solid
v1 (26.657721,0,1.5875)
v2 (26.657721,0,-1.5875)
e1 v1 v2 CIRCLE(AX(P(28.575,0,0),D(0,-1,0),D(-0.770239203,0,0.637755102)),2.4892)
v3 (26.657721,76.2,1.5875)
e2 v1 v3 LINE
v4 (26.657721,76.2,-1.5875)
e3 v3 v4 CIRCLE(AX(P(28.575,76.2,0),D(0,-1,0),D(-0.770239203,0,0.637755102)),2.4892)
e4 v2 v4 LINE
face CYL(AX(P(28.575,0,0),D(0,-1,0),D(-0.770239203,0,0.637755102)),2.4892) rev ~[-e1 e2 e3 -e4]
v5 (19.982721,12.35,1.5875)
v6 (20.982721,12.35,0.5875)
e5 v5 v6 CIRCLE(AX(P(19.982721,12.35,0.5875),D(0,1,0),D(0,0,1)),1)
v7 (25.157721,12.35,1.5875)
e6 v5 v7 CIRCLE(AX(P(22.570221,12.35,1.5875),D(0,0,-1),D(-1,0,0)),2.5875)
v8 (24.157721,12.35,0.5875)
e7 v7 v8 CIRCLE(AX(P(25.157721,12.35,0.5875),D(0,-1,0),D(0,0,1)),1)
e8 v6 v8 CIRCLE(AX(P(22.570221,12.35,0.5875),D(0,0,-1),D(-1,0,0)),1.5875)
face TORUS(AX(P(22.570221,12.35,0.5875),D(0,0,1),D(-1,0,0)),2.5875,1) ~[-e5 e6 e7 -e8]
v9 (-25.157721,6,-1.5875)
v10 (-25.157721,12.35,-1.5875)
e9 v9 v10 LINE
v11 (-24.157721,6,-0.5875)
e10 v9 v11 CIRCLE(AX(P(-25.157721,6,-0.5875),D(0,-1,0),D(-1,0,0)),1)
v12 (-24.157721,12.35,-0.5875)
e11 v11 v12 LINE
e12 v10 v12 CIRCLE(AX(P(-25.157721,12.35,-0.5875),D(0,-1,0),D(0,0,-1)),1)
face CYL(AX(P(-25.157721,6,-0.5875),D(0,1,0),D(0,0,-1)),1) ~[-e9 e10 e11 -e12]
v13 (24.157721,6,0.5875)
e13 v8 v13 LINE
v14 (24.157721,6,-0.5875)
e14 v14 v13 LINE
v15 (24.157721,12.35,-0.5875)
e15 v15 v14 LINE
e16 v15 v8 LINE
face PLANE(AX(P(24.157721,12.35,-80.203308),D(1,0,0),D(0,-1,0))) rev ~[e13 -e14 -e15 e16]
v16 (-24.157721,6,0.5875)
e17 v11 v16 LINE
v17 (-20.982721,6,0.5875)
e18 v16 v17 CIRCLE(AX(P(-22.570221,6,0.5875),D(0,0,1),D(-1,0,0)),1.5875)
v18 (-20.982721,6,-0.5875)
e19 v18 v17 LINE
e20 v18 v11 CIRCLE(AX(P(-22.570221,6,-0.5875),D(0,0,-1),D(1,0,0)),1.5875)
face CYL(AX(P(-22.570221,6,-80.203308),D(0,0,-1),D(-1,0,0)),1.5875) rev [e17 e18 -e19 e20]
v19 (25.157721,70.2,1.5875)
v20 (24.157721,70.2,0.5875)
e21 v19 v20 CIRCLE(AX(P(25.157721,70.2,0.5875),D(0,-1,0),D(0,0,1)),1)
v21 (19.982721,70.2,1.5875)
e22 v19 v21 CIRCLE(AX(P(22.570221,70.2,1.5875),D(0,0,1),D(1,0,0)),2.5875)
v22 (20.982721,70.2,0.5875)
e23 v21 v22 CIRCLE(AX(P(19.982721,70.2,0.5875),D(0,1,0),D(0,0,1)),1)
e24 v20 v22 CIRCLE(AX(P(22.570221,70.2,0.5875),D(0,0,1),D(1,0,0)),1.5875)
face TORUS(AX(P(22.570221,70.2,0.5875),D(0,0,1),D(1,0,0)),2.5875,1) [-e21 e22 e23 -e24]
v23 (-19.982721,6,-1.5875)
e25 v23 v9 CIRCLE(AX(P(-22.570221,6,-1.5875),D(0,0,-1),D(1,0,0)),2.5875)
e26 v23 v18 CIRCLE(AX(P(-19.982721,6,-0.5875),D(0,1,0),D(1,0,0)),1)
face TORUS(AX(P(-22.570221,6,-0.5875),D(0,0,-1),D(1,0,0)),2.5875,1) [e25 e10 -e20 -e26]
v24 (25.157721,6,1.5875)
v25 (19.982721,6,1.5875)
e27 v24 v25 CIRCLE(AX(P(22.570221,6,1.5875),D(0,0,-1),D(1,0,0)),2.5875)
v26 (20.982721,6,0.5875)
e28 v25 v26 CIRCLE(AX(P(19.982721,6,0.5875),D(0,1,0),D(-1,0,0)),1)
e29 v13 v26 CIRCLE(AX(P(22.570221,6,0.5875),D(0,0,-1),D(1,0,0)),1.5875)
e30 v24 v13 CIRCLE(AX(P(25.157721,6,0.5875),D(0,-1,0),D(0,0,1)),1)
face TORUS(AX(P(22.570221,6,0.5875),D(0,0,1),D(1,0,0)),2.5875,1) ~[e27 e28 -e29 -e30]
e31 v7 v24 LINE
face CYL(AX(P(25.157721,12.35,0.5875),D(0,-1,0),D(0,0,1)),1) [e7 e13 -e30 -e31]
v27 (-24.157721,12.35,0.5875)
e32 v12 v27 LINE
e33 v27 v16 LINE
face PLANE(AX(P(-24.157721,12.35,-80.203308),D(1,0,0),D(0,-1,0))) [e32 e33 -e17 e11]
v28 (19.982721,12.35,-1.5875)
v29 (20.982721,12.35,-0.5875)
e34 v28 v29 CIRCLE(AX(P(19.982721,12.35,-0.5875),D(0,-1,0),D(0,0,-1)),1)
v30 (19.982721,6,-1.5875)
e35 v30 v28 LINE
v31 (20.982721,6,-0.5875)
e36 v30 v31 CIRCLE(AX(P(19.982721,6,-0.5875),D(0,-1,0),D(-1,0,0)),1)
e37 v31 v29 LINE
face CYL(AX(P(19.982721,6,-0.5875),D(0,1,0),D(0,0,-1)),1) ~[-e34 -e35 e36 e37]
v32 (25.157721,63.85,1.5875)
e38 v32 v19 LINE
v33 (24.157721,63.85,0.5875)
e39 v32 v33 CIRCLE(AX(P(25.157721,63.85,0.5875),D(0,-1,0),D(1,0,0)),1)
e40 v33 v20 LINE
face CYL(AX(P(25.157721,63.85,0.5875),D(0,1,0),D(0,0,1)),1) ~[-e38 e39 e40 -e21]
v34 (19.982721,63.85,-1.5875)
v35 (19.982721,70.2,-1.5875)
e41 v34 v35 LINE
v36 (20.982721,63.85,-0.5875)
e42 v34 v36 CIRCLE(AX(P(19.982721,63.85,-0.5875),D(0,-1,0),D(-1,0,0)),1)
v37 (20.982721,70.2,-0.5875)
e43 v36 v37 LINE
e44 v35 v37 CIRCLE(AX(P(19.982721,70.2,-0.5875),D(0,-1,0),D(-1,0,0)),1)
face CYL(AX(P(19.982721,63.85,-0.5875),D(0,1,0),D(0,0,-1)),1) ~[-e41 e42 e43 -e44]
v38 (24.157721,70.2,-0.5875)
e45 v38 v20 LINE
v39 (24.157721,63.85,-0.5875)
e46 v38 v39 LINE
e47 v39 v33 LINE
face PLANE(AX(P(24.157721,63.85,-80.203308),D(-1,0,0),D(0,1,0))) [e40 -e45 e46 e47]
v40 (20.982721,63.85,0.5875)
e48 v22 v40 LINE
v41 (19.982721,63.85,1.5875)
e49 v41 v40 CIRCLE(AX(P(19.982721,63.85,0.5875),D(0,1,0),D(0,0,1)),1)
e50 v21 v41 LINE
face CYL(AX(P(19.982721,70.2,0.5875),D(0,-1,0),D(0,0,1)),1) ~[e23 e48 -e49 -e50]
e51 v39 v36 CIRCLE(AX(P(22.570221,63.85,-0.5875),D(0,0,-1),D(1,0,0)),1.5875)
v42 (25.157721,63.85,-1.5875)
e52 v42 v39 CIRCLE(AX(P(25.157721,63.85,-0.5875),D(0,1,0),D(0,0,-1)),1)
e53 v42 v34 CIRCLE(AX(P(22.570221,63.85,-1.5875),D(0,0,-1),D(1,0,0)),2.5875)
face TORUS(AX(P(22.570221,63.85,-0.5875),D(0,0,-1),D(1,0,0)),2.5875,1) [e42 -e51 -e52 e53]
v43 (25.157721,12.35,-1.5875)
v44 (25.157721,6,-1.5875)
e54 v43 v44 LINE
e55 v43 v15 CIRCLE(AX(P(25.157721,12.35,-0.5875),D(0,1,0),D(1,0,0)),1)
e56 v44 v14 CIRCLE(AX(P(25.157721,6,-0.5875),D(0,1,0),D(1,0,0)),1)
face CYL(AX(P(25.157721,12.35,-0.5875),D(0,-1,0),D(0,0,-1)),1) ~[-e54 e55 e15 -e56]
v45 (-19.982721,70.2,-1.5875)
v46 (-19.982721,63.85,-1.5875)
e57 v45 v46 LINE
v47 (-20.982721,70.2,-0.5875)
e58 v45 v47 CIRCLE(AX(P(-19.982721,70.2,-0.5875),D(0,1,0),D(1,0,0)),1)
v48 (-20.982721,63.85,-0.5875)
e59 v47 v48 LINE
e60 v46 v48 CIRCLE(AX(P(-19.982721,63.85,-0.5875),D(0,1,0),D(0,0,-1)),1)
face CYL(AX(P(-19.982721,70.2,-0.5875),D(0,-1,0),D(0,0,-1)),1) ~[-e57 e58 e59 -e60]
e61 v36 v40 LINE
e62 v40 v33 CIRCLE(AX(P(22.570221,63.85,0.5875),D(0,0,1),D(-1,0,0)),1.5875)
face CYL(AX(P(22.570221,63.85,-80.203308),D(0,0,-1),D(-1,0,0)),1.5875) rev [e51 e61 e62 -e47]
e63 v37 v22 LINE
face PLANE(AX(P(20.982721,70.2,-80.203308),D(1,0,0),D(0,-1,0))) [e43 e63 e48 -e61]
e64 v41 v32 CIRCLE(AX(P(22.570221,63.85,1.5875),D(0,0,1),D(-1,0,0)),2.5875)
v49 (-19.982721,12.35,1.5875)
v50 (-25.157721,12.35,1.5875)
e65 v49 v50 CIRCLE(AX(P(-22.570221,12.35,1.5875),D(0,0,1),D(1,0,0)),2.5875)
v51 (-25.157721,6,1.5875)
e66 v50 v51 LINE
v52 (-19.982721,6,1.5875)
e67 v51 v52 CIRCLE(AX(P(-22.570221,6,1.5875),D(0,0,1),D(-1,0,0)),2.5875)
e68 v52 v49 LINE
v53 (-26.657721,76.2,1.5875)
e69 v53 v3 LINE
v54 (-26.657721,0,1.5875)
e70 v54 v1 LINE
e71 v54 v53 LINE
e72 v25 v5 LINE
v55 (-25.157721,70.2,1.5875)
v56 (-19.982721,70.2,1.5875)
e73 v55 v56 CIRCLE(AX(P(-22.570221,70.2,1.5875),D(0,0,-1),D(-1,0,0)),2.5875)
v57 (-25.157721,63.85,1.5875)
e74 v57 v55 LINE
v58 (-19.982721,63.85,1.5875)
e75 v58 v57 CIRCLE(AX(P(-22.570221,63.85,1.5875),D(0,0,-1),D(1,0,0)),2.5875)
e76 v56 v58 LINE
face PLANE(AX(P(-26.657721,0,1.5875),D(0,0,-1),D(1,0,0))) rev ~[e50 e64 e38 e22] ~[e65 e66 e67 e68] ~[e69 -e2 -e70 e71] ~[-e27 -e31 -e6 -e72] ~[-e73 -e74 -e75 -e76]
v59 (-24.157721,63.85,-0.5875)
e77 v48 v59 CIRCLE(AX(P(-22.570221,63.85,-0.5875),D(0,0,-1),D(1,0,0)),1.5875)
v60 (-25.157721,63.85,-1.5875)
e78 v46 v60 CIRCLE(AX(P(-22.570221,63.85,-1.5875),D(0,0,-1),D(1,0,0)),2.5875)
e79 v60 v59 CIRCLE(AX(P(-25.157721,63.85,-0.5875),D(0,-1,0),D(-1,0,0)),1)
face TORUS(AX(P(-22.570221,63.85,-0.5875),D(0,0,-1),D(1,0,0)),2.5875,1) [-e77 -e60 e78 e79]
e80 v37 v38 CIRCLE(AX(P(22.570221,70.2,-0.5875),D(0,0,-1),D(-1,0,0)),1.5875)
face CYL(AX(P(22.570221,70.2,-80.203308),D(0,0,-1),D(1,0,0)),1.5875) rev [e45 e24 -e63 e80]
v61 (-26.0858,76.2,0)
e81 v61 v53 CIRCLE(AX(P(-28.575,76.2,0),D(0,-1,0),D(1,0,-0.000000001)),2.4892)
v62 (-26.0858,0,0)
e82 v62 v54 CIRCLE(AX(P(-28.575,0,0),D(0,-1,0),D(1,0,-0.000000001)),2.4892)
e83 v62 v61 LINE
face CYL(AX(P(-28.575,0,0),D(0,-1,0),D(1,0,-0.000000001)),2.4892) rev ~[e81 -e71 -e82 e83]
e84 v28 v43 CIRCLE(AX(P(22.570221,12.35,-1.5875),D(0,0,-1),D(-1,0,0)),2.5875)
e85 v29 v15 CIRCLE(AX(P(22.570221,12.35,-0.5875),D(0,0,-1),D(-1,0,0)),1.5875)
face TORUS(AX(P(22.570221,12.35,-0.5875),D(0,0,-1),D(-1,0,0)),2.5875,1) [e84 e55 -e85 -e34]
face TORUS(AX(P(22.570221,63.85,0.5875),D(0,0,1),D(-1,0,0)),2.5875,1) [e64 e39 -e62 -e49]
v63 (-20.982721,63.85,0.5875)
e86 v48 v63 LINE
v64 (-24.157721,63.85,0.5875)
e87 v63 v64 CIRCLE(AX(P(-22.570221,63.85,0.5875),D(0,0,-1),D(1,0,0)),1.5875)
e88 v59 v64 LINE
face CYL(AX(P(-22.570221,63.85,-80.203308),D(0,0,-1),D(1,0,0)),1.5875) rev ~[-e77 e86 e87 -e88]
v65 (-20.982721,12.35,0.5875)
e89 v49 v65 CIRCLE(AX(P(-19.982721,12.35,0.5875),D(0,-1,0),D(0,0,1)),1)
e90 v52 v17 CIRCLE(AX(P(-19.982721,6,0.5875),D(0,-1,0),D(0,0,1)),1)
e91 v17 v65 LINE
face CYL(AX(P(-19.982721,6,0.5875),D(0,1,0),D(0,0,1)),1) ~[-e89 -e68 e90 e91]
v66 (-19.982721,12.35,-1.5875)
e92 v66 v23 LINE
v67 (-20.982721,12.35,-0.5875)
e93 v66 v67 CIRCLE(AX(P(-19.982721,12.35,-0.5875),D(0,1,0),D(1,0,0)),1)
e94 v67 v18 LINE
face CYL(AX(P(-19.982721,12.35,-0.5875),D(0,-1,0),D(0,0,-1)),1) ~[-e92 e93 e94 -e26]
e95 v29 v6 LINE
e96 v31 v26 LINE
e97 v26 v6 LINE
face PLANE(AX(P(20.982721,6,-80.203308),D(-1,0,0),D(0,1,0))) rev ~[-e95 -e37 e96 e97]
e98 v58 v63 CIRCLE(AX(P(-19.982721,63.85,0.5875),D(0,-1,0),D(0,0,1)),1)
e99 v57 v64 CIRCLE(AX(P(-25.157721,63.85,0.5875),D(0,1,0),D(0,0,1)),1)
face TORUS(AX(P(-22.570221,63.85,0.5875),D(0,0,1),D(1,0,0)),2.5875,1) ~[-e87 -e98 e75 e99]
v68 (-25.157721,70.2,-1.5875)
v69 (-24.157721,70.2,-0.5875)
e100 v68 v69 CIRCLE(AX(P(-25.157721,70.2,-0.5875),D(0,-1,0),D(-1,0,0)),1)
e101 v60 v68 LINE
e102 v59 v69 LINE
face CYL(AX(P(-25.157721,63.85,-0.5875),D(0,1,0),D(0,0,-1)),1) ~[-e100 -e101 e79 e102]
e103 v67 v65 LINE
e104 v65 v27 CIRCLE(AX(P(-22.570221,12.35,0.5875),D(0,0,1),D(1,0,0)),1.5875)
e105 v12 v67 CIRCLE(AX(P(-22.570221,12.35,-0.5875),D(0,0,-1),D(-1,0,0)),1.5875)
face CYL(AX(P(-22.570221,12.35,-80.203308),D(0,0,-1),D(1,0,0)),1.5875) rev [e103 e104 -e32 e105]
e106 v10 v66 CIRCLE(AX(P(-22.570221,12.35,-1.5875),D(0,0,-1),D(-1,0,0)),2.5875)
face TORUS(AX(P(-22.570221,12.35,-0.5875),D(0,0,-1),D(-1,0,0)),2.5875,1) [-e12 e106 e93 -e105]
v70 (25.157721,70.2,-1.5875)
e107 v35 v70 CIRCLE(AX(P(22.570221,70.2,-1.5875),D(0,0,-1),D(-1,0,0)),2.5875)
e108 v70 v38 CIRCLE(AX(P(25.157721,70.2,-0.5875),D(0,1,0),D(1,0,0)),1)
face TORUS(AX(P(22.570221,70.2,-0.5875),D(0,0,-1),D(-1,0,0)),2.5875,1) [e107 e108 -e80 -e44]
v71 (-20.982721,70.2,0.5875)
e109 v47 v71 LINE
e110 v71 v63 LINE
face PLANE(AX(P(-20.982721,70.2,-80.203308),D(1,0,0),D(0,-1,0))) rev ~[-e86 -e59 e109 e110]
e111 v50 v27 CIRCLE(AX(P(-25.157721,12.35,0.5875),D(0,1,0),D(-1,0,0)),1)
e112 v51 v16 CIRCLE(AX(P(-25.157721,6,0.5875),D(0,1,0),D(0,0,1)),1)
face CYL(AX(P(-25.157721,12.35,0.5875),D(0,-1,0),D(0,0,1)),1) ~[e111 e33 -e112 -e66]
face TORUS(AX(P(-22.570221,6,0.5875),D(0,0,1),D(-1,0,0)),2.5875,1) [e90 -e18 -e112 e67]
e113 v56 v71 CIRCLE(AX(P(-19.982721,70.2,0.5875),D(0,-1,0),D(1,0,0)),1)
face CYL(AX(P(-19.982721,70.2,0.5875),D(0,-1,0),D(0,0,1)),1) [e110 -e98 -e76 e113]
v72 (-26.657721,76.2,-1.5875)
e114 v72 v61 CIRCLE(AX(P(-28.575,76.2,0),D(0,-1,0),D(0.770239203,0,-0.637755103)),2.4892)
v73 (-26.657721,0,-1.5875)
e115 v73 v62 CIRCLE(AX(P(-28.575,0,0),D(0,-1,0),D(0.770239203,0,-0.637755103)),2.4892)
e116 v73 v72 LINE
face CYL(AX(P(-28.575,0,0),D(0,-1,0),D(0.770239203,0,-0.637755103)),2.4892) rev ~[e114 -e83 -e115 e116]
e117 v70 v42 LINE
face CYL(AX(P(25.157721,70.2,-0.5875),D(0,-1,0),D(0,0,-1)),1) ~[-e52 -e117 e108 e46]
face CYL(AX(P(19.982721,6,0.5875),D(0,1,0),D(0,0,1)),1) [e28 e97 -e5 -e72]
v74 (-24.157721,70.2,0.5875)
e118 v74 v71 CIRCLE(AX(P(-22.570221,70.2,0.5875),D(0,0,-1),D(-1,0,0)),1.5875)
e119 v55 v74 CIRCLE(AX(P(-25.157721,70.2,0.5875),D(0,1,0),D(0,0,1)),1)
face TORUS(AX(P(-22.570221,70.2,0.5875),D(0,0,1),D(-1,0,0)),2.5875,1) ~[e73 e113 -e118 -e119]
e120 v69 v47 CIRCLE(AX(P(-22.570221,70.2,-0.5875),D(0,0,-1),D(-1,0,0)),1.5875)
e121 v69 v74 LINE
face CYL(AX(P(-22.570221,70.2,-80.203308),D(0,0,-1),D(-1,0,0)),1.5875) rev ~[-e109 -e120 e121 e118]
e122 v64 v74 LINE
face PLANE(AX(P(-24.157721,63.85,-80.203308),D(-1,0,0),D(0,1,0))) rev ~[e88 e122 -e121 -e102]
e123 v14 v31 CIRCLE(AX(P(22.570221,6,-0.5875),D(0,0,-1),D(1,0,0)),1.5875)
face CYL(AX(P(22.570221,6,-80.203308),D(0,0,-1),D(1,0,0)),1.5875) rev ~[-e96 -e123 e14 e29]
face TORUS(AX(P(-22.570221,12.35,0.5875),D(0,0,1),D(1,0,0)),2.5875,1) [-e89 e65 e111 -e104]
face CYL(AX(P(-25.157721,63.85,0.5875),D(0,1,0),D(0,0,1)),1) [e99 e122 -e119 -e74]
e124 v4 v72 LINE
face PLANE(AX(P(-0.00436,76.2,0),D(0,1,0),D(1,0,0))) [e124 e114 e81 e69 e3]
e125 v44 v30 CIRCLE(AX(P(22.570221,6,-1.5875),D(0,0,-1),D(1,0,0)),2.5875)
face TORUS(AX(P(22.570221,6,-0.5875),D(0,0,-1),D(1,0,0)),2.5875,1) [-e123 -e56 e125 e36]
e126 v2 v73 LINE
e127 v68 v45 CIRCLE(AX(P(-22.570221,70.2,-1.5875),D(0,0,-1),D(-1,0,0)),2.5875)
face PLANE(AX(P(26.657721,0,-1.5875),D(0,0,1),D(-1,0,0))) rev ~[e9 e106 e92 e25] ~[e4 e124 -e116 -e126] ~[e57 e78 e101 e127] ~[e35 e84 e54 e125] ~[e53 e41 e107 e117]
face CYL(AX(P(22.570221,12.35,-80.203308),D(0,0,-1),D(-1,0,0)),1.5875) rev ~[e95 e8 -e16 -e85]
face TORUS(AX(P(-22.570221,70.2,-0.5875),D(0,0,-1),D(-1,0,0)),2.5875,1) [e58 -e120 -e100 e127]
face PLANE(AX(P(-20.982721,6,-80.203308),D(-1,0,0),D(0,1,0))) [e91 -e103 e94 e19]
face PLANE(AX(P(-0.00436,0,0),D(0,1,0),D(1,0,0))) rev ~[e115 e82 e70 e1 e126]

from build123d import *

# Parameters (mm, degrees)
BOSS_EXTRUDE1_DEPTH     = 76.2
CUT_EXTRUDE1_DEPTH      = 81.79080821
CUT_EXTRUDE1_DEPTH_BACK = 81.79080821
FILLET1_R               = 1


with BuildPart() as part:
    # Sketch1 → Boss-Extrude1 (new body)
    with BuildSketch(Plane(origin=(0, 0, 0), x_dir=(1, 0, 0), z_dir=(0, 1, 0))):
        with BuildLine():
            ThreePointArc((-26.0858, 0), (-26.233140847, -0.843689723), (-26.657720576, -1.5875))
            Line((-26.657720576, -1.5875), (26.657720576, -1.5875))
            ThreePointArc((26.657720576, -1.5875), (26.0858, 0), (26.657720576, 1.5875))
            Line((26.657720576, 1.5875), (-26.657720576, 1.5875))
            ThreePointArc((-26.657720576, 1.5875), (-26.233140847, 0.843689723), (-26.0858, 0))
        make_face()
    extrude(amount=BOSS_EXTRUDE1_DEPTH)

    # Sketch2 → Cut-Extrude1 (cut, two sides: drawn at the far end of the back side and taken through both)
    with BuildSketch(Plane.XY.offset(1.5875).offset(-CUT_EXTRUDE1_DEPTH_BACK)):
        with BuildLine():
            Line((-20.982720576, 70.2), (-20.982720576, 63.85))
            ThreePointArc((-20.982720576, 63.85), (-22.570220576, 62.2625), (-24.157720576, 63.85))
            Line((-24.157720576, 63.85), (-24.157720576, 70.2))
            ThreePointArc((-24.157720576, 70.2), (-22.570220576, 71.7875), (-20.982720576, 70.2))
        make_face()
        with BuildLine():
            Line((20.982720576, 70.2), (20.982720576, 63.85))
            ThreePointArc((20.982720576, 63.85), (22.570220576, 62.2625), (24.157720576, 63.85))
            Line((24.157720576, 63.85), (24.157720576, 70.2))
            ThreePointArc((24.157720576, 70.2), (22.570220576, 71.7875), (20.982720576, 70.2))
        make_face()
        with BuildLine():
            Line((20.982720576, 6), (20.982720576, 12.35))
            ThreePointArc((20.982720576, 12.35), (22.570220576, 13.9375), (24.157720576, 12.35))
            Line((24.157720576, 12.35), (24.157720576, 6))
            ThreePointArc((24.157720576, 6), (22.570220576, 4.4125), (20.982720576, 6))
        make_face()
        with BuildLine():
            Line((-20.982720576, 6), (-20.982720576, 12.35))
            ThreePointArc((-20.982720576, 12.35), (-22.570220576, 13.9375), (-24.157720576, 12.35))
            Line((-24.157720576, 12.35), (-24.157720576, 6))
            ThreePointArc((-24.157720576, 6), (-22.570220576, 4.4125), (-20.982720576, 6))
        make_face()
    extrude(amount=CUT_EXTRUDE1_DEPTH + CUT_EXTRUDE1_DEPTH_BACK, mode=Mode.SUBTRACT)

    # Fillet1
    fillet1_edges = [part.edges().sort_by_distance(p)[0] for p in [
        (-24.157720576, 67.025, 1.5875),
        (-22.570220576, 62.2625, 1.5875),
        (-20.982720576, 67.025, 1.5875),
        (-22.570220576, 71.7875, 1.5875),
        (20.982720576, 67.025, 1.5875),
        (22.570220576, 62.2625, 1.5875),
        (24.157720576, 67.025, 1.5875),
        (22.570220576, 71.7875, 1.5875),
        (24.157720576, 9.175, 1.5875),
        (22.570220576, 13.9375, 1.5875),
        (20.982720576, 9.175, 1.5875),
        (22.570220576, 4.4125, 1.5875),
        (-20.982720576, 9.175, 1.5875),
        (-22.570220576, 13.9375, 1.5875),
        (-24.157720576, 9.175, 1.5875),
        (-22.570220576, 4.4125, 1.5875),
        (-22.570220576, 4.4125, -1.5875),
        (-24.157720576, 9.175, -1.5875),
        (-22.570220576, 13.9375, -1.5875),
        (-20.982720576, 9.175, -1.5875),
        (22.570220576, 4.4125, -1.5875),
        (20.982720576, 9.175, -1.5875),
        (22.570220576, 13.9375, -1.5875),
        (24.157720576, 9.175, -1.5875),
        (22.570220576, 71.7875, -1.5875),
        (24.157720576, 67.025, -1.5875),
        (22.570220576, 62.2625, -1.5875),
        (20.982720576, 67.025, -1.5875),
        (-22.570220576, 71.7875, -1.5875),
        (-20.982720576, 67.025, -1.5875),
        (-22.570220576, 62.2625, -1.5875),
        (-24.157720576, 67.025, -1.5875),
    ]]
    fillet(fillet1_edges, radius=FILLET1_R)


solid = part.part
